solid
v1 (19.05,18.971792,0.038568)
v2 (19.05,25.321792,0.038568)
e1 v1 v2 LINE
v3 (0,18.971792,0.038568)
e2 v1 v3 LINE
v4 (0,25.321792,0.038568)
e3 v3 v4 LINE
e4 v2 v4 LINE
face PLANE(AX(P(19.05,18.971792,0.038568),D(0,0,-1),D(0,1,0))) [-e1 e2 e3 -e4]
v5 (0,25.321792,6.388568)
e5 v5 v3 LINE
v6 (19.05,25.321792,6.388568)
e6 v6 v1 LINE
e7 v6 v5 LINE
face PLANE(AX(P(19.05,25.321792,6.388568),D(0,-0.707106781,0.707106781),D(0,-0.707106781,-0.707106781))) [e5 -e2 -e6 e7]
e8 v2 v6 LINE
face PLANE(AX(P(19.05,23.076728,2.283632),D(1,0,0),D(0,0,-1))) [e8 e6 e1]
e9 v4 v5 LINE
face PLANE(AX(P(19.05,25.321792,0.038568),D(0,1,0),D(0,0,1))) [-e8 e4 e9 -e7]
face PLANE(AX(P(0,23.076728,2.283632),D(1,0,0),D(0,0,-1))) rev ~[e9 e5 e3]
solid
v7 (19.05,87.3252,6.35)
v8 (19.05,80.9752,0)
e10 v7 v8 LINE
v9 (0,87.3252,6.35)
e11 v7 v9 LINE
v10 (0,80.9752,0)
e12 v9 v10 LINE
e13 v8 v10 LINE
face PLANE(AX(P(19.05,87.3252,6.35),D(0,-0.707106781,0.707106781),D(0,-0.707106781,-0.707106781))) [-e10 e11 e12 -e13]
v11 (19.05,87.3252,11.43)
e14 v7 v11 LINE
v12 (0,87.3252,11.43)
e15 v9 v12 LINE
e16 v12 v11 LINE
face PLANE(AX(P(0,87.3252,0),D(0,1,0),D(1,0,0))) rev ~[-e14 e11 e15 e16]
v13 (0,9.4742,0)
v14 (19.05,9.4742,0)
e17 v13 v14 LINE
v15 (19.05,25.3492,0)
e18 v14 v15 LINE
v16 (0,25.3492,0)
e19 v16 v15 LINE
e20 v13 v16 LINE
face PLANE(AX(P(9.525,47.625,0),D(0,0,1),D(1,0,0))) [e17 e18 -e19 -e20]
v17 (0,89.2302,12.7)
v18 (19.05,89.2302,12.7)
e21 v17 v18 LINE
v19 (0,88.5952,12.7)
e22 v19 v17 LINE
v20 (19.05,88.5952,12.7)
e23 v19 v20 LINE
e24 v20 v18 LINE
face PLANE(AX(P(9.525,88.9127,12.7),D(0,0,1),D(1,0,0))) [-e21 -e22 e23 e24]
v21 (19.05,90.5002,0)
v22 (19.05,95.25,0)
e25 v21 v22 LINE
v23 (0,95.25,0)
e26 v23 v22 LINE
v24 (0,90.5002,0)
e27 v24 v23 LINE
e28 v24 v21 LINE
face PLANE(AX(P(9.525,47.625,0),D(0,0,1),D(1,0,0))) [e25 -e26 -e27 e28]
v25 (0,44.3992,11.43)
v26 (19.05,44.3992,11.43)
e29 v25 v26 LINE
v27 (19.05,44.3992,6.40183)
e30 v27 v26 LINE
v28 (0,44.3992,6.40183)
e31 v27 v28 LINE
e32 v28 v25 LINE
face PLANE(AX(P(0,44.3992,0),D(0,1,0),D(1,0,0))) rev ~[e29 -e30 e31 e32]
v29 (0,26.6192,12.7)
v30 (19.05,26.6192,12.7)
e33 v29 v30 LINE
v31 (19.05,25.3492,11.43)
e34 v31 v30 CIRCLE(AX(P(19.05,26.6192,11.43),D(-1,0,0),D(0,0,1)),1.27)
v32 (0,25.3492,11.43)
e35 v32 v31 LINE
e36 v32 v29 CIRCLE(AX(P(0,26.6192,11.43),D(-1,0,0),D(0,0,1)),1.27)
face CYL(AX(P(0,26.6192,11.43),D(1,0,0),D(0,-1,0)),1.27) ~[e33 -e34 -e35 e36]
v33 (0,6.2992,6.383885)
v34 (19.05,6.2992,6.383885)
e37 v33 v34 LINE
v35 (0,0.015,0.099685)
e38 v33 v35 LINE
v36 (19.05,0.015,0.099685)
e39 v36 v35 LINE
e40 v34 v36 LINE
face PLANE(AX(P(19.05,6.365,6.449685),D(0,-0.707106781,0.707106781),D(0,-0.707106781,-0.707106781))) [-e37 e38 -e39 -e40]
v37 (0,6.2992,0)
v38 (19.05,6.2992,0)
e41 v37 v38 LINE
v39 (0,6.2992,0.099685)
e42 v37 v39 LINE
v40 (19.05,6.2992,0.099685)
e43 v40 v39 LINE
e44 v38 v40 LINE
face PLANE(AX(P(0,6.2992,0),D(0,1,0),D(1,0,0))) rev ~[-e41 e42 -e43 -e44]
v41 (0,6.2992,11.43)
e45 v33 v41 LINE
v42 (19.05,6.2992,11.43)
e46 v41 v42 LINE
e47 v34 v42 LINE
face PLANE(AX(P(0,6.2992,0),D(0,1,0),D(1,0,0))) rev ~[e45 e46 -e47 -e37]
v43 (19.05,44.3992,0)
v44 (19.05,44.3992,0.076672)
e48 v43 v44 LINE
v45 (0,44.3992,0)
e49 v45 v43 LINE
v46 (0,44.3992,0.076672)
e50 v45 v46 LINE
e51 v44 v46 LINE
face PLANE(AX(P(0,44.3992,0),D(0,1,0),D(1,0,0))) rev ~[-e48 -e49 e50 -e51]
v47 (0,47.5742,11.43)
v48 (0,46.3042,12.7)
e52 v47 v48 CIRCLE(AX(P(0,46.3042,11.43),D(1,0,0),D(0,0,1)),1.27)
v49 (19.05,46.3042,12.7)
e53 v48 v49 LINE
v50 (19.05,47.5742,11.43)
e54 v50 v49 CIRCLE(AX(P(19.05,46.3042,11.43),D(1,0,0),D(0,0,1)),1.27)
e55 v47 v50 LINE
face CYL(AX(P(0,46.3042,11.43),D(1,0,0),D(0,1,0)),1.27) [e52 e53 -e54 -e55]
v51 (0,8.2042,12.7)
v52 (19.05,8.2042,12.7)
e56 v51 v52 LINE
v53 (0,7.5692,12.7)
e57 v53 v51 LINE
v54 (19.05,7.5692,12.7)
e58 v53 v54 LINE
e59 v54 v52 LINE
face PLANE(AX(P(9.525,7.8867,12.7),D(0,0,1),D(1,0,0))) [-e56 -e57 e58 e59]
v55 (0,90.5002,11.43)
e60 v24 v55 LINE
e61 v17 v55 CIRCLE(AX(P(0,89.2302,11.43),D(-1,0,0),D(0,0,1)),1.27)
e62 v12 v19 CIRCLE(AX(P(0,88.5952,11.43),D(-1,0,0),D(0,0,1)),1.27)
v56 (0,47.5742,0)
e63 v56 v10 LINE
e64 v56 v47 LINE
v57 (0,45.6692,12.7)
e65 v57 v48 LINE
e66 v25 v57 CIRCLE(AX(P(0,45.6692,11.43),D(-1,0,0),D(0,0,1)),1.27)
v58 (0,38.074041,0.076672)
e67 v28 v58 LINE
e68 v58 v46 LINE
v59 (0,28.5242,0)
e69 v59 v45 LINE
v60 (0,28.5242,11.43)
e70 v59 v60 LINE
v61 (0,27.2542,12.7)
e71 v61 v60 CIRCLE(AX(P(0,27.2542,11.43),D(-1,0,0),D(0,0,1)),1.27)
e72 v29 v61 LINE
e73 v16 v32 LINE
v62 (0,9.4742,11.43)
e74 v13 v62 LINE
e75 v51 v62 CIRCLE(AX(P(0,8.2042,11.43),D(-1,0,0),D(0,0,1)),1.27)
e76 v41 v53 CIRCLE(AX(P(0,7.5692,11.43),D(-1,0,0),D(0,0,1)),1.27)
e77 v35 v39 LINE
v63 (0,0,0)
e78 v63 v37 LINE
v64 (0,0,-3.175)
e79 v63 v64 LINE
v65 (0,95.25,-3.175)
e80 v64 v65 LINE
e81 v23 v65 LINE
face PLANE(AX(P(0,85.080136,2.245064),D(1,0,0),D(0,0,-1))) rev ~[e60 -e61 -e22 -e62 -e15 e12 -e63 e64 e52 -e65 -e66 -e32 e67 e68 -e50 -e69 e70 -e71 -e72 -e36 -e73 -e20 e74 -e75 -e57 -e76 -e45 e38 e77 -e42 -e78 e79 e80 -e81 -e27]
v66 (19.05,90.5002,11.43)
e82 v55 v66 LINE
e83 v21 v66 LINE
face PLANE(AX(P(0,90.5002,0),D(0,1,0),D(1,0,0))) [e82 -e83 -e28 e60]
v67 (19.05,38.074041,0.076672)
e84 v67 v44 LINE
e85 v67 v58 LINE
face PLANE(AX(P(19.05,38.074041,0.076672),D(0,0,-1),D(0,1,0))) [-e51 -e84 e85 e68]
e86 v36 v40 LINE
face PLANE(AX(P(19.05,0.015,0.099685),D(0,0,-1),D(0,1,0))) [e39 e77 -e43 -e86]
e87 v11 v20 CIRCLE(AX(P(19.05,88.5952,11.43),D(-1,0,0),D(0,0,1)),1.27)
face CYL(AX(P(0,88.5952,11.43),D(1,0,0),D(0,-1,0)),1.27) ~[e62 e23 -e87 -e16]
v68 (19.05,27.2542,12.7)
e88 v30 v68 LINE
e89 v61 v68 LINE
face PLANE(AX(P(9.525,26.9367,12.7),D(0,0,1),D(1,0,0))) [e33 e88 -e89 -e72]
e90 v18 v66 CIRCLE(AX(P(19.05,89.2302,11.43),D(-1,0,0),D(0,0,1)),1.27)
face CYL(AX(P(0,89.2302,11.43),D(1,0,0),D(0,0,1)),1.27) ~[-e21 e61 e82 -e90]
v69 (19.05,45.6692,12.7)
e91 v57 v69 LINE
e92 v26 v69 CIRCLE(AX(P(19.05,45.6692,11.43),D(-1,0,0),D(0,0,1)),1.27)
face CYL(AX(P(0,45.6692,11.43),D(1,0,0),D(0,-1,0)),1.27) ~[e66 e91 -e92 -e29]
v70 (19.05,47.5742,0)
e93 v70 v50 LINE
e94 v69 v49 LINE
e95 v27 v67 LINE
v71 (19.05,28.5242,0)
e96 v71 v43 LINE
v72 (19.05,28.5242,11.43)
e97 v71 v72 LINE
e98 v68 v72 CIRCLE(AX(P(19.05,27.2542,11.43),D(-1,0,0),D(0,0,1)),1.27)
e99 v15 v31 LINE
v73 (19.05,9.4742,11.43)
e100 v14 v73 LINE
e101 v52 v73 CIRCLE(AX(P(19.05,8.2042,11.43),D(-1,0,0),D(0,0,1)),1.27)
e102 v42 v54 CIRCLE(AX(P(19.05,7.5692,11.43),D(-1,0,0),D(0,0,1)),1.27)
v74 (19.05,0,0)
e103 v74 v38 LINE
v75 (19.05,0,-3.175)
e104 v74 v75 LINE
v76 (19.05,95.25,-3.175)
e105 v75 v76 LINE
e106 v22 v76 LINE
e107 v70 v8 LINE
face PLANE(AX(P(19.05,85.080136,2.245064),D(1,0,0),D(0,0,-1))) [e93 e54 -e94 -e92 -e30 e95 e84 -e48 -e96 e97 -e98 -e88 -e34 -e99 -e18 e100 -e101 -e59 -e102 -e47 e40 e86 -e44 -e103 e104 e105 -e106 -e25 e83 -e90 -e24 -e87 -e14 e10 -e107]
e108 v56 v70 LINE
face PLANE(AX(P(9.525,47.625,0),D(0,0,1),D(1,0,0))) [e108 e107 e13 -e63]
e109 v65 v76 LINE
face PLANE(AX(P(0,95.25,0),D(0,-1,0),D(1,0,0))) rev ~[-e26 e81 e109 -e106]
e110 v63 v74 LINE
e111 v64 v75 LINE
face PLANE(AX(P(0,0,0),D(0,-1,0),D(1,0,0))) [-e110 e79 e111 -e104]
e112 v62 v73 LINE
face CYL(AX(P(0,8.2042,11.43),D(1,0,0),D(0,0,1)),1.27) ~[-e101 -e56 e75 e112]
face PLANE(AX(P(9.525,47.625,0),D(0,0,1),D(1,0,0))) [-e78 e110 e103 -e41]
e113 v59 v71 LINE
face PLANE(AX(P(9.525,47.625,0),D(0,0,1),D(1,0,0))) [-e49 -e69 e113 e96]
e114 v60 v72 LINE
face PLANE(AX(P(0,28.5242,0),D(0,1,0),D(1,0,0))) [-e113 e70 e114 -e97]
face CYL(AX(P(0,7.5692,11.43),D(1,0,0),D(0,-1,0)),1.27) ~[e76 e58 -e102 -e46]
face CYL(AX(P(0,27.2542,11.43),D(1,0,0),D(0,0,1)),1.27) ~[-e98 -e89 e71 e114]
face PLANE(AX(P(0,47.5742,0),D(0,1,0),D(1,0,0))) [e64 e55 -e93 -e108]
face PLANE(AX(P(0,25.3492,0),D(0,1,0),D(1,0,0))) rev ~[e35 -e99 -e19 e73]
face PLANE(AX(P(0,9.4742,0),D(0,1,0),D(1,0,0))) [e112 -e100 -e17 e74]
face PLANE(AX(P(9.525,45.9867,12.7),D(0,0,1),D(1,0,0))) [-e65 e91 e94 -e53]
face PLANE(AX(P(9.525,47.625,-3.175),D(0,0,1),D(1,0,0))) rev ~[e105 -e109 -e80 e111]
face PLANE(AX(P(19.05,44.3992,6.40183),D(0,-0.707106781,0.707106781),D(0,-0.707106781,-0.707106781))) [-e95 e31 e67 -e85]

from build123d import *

# Parameters (mm, degrees)
SKETCH1_W           = 19.05
SKETCH1_H           = 95.25
BOSS_EXTRUDE1_DEPTH = 3.175
SKETCH2_W           = 19.05
SKETCH2_H           = 3.175
BOSS_EXTRUDE2_DEPTH = 12.7
BOSS_EXTRUDE3_DEPTH = 19.05
FILLET1_R           = 1.27


with BuildPart() as part:
    # Sketch1 → Boss-Extrude1 (new body)
    with BuildSketch(Plane.XY):
        with Locations((9.525, 47.625)):
            Rectangle(SKETCH1_W, SKETCH1_H)
    extrude(amount=-BOSS_EXTRUDE1_DEPTH)

    # Sketch2 → Boss-Extrude2 (add)
    with BuildSketch(Plane.XY):
        with Locations((9.525, 7.8867)):
            Rectangle(SKETCH2_W, SKETCH2_H)
        with Locations((9.525, 26.9367)):
            Rectangle(SKETCH2_W, SKETCH2_H)
        with Locations((9.525, 45.9867)):
            Rectangle(SKETCH2_W, SKETCH2_H)
        with Locations((9.525, 88.9127)):
            Rectangle(SKETCH2_W, SKETCH2_H)
    extrude(amount=BOSS_EXTRUDE2_DEPTH)

    # Sketch3 → Boss-Extrude3 (add)
    with BuildSketch(Plane(origin=(19.05, 0, 0), x_dir=(0, 0, -1), z_dir=(1, 0, 0))):
        Polygon((0, 87.3252), (-6.35, 87.3252), (0, 80.9752), align=None)
        Polygon((-0.07667178, 44.3992), (-6.401830324, 44.3992), (-0.07667178, 38.074041456), align=None)
        Polygon((-0.038567772, 18.971792462), (-0.038567772, 25.321792462), (-6.388567772, 25.321792462), align=None)
        Polygon((-6.449684868, 6.365000022), (-0.099684868, 0.015000022), (-0.099684868, 6.365000022), align=None)
    extrude(amount=-BOSS_EXTRUDE3_DEPTH)


with BuildPart() as boss_extrude3_piece_1:
    # of the separate pieces the step leaves, piece 1, a body of its own (boss_extrude3_pieces)
    add(part.part.solids().sort_by_distance((0, 0, 0))[0])

    # Fillet1
    fillet1_edges = [boss_extrude3_piece_1.edges().sort_by_distance(p)[0] for p in [
        (9.525, 6.2992, 12.7),
        (9.525, 9.4742, 12.7),
        (9.525, 25.3492, 12.7),
        (9.525, 28.5242, 12.7),
        (9.525, 44.3992, 12.7),
        (9.525, 47.5742, 12.7),
        (9.525, 87.3252, 12.7),
        (9.525, 90.5002, 12.7),
    ]]
    fillet(fillet1_edges, radius=FILLET1_R)


with BuildPart() as boss_extrude3_piece_2:
    # of the separate pieces the step leaves, piece 2, a body of its own (boss_extrude3_pieces)
    add(part.part.solids().sort_by_distance((19.05, 18.971792462, 0.038567772))[0])


solid = Compound([boss_extrude3_piece_1.part, boss_extrude3_piece_2.part])
